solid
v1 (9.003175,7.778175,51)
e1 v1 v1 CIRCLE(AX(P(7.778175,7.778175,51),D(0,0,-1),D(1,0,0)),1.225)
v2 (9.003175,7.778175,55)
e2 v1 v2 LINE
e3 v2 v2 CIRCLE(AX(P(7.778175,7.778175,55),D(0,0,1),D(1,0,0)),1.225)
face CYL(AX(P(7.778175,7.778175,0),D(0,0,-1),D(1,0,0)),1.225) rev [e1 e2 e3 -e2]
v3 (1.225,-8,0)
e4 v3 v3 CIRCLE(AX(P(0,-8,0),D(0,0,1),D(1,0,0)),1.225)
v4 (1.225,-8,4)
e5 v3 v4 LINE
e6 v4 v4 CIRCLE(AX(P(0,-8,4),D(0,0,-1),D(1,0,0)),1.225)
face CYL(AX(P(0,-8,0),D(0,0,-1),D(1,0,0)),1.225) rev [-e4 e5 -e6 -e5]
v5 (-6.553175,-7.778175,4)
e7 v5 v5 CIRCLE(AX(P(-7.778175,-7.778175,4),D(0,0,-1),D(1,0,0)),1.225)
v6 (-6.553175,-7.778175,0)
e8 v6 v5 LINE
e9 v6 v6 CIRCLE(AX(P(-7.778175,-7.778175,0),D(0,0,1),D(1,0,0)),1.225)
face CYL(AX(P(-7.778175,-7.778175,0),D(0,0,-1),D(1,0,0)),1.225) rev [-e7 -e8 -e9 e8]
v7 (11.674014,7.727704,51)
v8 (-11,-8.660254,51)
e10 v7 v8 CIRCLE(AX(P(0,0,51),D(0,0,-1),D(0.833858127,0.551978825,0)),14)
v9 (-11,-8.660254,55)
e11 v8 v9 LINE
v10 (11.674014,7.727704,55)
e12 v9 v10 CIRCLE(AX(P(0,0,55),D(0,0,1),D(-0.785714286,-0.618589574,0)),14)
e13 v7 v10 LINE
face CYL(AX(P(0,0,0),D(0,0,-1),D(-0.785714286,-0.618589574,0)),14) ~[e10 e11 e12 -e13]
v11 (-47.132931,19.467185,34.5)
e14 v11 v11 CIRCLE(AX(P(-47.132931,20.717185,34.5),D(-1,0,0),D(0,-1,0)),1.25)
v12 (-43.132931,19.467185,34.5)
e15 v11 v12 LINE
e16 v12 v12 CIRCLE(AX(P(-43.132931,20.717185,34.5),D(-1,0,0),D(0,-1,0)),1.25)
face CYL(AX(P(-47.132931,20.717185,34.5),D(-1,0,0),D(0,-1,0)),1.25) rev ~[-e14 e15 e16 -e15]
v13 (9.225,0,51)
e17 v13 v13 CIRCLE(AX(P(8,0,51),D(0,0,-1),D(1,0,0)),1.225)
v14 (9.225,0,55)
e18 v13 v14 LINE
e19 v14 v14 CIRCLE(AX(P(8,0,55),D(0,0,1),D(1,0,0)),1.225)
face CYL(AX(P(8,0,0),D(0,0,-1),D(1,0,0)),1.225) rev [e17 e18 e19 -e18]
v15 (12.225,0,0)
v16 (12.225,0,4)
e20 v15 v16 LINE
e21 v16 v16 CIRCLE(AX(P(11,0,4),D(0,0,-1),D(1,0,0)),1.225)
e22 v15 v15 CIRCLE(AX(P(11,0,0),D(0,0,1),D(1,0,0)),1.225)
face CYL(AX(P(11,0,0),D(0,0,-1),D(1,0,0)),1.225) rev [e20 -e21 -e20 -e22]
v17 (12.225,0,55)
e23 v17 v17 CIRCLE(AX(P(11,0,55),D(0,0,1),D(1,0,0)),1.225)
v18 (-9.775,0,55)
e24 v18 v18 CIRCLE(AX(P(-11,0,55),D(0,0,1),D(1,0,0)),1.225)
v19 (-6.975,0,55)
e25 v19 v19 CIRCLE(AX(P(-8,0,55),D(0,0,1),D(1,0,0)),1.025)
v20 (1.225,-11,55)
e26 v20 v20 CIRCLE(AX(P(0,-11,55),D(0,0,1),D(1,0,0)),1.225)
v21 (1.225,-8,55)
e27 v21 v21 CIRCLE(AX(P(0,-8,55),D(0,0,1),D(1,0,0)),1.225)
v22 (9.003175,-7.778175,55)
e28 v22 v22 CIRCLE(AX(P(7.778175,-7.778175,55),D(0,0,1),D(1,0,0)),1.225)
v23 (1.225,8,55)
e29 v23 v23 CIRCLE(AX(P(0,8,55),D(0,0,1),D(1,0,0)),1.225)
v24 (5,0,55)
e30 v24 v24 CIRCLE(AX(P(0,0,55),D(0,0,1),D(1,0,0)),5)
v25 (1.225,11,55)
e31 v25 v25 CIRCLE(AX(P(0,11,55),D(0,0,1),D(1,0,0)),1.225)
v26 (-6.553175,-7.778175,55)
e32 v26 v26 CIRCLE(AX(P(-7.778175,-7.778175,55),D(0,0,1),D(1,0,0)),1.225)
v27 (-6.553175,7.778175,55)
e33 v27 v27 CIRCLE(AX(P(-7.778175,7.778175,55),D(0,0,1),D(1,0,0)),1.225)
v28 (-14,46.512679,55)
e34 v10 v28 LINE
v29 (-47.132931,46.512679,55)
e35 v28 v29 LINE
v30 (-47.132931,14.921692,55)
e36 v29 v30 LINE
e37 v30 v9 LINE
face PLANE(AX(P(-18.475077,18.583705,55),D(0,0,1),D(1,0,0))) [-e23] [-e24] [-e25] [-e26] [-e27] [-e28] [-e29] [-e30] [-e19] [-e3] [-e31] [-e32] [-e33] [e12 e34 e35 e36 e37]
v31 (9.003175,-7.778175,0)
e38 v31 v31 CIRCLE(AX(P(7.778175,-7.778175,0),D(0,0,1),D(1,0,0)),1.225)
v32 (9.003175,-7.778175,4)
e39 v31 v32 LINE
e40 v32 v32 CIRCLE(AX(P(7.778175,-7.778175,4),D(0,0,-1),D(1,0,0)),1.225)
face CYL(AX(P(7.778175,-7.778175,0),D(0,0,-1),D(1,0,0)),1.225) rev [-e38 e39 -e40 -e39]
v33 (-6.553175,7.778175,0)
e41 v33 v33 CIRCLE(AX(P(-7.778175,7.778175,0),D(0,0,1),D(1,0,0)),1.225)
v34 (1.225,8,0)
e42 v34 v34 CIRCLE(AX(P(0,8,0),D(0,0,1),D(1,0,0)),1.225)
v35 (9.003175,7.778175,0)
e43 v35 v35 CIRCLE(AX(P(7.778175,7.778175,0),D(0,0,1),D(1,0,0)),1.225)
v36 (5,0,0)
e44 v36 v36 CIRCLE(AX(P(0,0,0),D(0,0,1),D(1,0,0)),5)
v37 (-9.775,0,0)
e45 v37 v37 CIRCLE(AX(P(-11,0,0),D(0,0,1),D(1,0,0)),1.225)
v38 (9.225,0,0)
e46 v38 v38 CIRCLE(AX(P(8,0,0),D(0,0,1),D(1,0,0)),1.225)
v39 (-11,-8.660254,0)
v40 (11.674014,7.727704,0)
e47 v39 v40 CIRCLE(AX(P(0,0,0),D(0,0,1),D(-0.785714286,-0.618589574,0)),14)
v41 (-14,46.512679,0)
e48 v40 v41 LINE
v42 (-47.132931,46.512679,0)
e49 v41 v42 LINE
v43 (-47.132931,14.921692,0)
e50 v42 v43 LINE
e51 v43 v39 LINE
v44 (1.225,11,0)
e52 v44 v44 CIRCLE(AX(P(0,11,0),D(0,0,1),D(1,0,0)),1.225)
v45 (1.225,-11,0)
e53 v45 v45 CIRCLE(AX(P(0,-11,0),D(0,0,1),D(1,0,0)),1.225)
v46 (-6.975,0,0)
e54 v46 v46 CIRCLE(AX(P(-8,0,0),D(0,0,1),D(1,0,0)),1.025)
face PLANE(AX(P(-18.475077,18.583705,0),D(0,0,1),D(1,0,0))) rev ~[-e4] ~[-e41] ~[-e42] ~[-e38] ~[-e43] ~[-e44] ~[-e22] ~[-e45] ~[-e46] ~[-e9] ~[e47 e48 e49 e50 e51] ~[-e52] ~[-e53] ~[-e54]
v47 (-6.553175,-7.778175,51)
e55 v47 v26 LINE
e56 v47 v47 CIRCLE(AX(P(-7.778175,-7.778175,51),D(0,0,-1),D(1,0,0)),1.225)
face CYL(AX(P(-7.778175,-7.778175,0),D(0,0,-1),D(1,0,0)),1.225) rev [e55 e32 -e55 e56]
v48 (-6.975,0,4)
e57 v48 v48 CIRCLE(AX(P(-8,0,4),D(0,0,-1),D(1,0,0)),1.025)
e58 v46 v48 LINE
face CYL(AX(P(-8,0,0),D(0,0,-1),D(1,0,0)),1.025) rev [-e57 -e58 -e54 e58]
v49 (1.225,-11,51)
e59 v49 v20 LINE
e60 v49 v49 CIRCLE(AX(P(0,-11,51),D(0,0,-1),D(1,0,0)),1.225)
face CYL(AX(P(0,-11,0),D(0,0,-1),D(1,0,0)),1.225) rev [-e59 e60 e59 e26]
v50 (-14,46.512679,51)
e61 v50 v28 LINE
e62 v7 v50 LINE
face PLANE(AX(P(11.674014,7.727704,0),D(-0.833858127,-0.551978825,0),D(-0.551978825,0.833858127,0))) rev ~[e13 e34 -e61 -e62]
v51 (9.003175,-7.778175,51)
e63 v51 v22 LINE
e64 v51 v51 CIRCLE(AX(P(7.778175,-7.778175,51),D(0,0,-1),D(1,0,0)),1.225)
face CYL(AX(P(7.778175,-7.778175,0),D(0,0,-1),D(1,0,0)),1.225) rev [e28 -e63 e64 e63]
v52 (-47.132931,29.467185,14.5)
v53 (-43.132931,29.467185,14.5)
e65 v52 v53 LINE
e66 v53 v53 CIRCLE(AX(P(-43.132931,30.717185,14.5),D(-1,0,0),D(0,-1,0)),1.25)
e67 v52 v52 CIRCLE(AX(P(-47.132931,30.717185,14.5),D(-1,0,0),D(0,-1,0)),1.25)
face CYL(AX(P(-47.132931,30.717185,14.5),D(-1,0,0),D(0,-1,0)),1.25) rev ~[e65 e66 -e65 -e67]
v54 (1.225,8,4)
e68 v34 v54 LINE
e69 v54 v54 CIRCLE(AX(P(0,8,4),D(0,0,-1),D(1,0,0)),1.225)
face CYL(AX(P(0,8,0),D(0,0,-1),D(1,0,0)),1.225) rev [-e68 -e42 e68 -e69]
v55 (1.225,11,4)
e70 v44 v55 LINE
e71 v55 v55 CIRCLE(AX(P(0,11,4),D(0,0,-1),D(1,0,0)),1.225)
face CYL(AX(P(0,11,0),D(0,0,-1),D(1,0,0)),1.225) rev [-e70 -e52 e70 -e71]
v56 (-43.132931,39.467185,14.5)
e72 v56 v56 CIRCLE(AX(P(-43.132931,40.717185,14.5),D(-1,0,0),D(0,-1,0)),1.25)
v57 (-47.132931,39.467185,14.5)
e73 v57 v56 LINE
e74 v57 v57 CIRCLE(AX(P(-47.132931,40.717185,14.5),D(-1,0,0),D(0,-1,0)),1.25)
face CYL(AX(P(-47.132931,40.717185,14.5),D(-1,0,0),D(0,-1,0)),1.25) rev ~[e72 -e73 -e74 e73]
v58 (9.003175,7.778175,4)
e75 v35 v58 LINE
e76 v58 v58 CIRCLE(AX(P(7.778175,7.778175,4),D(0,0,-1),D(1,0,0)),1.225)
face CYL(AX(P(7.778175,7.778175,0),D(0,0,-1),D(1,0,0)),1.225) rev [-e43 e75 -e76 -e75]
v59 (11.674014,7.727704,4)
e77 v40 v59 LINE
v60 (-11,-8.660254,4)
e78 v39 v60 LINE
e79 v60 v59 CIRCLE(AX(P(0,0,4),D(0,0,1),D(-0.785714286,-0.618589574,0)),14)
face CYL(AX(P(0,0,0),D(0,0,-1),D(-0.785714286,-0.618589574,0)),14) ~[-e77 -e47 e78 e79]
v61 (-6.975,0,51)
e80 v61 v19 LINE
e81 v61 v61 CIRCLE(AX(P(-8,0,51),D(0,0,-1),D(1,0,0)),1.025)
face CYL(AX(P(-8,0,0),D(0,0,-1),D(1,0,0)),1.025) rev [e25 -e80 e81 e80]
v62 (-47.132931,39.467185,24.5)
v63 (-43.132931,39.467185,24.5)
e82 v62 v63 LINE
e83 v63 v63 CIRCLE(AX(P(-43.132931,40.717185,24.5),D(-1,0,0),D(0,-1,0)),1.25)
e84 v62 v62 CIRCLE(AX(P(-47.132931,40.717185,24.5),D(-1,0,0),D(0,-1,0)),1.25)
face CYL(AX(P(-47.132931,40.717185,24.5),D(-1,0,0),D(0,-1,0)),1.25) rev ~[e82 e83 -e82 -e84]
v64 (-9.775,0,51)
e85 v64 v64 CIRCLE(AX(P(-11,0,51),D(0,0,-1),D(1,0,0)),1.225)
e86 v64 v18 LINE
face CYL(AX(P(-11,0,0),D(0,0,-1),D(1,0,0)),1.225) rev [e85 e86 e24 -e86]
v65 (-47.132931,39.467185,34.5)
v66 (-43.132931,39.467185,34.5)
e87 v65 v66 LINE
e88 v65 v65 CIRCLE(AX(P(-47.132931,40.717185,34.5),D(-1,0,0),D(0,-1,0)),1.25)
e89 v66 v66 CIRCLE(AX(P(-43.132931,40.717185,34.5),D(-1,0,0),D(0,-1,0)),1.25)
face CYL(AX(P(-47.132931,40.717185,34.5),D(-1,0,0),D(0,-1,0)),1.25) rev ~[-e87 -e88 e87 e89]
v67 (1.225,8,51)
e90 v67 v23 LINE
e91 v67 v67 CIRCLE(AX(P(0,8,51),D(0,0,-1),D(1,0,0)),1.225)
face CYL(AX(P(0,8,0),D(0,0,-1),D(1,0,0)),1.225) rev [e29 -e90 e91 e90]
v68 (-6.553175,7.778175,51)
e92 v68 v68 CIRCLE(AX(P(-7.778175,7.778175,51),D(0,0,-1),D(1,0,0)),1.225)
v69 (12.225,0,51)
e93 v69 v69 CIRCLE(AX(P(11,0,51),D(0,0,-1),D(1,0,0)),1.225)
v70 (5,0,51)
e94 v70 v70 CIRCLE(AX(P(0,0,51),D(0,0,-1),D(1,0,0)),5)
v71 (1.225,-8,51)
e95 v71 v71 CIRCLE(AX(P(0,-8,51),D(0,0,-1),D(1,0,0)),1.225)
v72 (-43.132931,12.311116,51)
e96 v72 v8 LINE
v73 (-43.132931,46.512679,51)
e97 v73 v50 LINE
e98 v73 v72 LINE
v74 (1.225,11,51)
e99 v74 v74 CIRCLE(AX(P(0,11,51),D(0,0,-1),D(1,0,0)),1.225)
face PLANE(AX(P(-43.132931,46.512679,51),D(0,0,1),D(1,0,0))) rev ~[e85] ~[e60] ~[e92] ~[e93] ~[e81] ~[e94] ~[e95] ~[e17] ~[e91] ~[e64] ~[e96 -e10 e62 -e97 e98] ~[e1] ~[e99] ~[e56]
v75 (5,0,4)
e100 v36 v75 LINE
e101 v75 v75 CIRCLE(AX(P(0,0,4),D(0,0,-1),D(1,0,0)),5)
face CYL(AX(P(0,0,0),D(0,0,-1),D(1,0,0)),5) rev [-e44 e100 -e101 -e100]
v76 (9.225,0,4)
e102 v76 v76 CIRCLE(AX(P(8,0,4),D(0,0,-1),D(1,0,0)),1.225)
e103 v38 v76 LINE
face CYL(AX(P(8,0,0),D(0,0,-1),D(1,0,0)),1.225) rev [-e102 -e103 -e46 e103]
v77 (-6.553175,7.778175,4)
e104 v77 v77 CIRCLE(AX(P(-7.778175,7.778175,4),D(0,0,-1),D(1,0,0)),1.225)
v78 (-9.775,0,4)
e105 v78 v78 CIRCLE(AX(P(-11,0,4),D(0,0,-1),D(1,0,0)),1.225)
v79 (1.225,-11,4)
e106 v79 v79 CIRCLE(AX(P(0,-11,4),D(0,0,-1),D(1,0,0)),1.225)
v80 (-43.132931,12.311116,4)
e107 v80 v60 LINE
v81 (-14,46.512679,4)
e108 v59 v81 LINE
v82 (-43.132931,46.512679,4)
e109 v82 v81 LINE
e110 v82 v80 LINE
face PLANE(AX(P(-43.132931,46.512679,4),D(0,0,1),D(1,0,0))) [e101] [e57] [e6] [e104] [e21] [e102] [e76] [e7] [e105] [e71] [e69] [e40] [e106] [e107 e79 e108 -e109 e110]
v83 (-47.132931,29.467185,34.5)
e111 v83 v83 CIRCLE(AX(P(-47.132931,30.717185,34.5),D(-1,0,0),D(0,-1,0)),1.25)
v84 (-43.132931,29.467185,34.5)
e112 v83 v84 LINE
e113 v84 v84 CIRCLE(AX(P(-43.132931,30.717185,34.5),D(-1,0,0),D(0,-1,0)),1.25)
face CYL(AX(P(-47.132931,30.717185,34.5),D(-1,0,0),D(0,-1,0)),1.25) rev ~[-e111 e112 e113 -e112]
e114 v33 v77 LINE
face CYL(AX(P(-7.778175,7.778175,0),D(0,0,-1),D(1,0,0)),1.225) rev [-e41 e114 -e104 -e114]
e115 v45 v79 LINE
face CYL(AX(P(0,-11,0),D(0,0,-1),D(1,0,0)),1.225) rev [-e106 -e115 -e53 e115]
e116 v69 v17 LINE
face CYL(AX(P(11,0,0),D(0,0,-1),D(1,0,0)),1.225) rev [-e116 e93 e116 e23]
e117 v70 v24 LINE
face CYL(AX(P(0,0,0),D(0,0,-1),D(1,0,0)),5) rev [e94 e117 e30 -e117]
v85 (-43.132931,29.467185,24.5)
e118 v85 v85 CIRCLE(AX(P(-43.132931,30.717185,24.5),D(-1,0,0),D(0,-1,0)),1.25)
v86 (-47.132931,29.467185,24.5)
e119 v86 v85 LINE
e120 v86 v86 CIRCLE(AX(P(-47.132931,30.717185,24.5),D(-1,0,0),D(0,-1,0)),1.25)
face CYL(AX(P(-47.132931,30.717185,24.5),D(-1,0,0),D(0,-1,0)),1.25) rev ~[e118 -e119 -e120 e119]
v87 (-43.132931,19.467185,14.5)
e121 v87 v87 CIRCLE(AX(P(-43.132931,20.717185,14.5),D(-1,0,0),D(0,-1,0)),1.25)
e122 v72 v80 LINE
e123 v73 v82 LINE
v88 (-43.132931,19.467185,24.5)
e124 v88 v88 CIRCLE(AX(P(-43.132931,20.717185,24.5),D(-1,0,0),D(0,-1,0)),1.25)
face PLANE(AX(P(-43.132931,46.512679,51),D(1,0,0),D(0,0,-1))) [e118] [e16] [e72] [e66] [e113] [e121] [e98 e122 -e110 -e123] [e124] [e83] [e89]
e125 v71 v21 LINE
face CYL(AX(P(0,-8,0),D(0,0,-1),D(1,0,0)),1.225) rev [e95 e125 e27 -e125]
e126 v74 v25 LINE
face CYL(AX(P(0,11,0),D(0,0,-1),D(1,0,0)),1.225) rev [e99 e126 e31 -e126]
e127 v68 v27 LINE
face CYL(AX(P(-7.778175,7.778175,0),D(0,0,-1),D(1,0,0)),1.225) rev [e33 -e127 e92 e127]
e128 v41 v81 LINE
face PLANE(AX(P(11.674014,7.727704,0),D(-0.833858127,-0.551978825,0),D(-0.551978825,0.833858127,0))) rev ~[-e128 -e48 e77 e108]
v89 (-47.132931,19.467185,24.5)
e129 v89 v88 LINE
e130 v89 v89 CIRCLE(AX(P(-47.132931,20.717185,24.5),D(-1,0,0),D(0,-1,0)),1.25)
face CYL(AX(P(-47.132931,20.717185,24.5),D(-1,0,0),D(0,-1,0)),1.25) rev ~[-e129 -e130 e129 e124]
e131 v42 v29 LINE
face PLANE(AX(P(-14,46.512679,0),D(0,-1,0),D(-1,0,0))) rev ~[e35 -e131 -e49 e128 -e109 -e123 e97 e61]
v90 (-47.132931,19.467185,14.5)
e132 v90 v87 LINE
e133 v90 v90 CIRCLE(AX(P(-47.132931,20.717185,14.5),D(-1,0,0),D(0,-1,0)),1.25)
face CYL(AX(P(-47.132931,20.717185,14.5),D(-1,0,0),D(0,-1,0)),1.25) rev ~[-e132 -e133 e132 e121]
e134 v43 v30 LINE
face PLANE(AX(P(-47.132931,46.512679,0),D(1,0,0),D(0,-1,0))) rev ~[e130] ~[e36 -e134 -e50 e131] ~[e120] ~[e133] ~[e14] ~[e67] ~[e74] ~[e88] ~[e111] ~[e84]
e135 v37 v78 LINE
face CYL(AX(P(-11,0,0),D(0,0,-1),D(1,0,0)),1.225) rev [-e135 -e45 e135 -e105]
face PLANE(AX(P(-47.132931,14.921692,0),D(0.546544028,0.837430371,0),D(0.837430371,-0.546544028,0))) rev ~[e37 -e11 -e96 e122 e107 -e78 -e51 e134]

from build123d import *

# Parameters (mm, degrees)
SKETCH_1_R          = 5
SKETCH_1_R_2        = 1.225
SKETCH_1_R_3        = 1.025
EXTRUDE_1_DEPTH     = 55
SKETCH_2_W          = 57.132931415
SKETCH_2_H          = 47
CUT_EXTRUDE_1_DEPTH = 66
SKETCH_3_R          = 1.25
CUT_EXTRUDE_2_DEPTH = 49


with BuildPart() as part:
    # 스케치1 → 보스-돌출1 (new body)
    with BuildSketch(Plane.XY):
        with BuildLine():
            Line((11.674013781, 7.727703555), (-14, 46.512678751))
            Line((-14, 46.512678751), (-47.132931415, 46.512678751))
            Line((-47.132931415, 46.512678751), (-47.132931415, 14.921692086))
            Line((-47.132931415, 14.921692086), (-11, -8.660254038))
            ThreePointArc((-11, -8.660254038), (8.200906179, -11.346591463), (11.674013781, 7.727703555))
        make_face()
        Circle(SKETCH_1_R, mode=Mode.SUBTRACT)
        with Locations((0, 8)):
            Circle(SKETCH_1_R_2, mode=Mode.SUBTRACT)
        with Locations((0, 11)):
            Circle(SKETCH_1_R_2, mode=Mode.SUBTRACT)
        with Locations((7.778174593, 7.778174593)):
            Circle(SKETCH_1_R_2, mode=Mode.SUBTRACT)
        with Locations((8, 0)):
            Circle(SKETCH_1_R_2, mode=Mode.SUBTRACT)
        with Locations((11, 0)):
            Circle(SKETCH_1_R_2, mode=Mode.SUBTRACT)
        with Locations((7.778174593, -7.778174593)):
            Circle(SKETCH_1_R_2, mode=Mode.SUBTRACT)
        with Locations((0, -8)):
            Circle(SKETCH_1_R_2, mode=Mode.SUBTRACT)
        with Locations((0, -11)):
            Circle(SKETCH_1_R_2, mode=Mode.SUBTRACT)
        with Locations((-7.778174593, -7.778174593)):
            Circle(SKETCH_1_R_2, mode=Mode.SUBTRACT)
        with Locations((-8, 0)):
            Circle(SKETCH_1_R_3, mode=Mode.SUBTRACT)
        with Locations((-11, 0)):
            Circle(SKETCH_1_R_2, mode=Mode.SUBTRACT)
        with Locations((-7.778174593, 7.778174593)):
            Circle(SKETCH_1_R_2, mode=Mode.SUBTRACT)
    extrude(amount=EXTRUDE_1_DEPTH)

    # 스케치2 → 컷-돌출1 (cut)
    with BuildSketch(Plane(origin=(0, 46.512678751, 0), x_dir=(1, 0, 0), z_dir=(0, 1, 0))):
        with Locations((-14.566465708, -27.5)):
            Rectangle(SKETCH_2_W, SKETCH_2_H)
    extrude(amount=-CUT_EXTRUDE_1_DEPTH, mode=Mode.SUBTRACT)

    # 스케치3 → 컷-돌출2 (cut)
    with BuildSketch(Plane.ZY.offset(47.132931415)):
        with Locations(Location((24.5, 30.717185419, 0), (0, 0, 270))):
            Circle(SKETCH_3_R)
        with Locations(Location((14.5, 40.717185419, 0), (0, 0, 270))):
            Circle(SKETCH_3_R)
        with Locations(Location((34.5, 30.717185419, 0), (0, 0, 270))):
            Circle(SKETCH_3_R)
        with Locations(Location((24.5, 40.717185419, 0), (0, 0, 270))):
            Circle(SKETCH_3_R)
        with Locations(Location((14.5, 30.717185419, 0), (0, 0, 270))):
            Circle(SKETCH_3_R)
        with Locations(Location((34.5, 40.717185419, 0), (0, 0, 270))):
            Circle(SKETCH_3_R)
        with Locations(Location((14.5, 20.717185419, 0), (0, 0, 270))):
            Circle(SKETCH_3_R)
        with Locations(Location((24.5, 20.717185419, 0), (0, 0, 270))):
            Circle(SKETCH_3_R)
        with Locations(Location((34.5, 20.717185419, 0), (0, 0, 270))):
            Circle(SKETCH_3_R)
    extrude(amount=-CUT_EXTRUDE_2_DEPTH, mode=Mode.SUBTRACT)


solid = part.part
